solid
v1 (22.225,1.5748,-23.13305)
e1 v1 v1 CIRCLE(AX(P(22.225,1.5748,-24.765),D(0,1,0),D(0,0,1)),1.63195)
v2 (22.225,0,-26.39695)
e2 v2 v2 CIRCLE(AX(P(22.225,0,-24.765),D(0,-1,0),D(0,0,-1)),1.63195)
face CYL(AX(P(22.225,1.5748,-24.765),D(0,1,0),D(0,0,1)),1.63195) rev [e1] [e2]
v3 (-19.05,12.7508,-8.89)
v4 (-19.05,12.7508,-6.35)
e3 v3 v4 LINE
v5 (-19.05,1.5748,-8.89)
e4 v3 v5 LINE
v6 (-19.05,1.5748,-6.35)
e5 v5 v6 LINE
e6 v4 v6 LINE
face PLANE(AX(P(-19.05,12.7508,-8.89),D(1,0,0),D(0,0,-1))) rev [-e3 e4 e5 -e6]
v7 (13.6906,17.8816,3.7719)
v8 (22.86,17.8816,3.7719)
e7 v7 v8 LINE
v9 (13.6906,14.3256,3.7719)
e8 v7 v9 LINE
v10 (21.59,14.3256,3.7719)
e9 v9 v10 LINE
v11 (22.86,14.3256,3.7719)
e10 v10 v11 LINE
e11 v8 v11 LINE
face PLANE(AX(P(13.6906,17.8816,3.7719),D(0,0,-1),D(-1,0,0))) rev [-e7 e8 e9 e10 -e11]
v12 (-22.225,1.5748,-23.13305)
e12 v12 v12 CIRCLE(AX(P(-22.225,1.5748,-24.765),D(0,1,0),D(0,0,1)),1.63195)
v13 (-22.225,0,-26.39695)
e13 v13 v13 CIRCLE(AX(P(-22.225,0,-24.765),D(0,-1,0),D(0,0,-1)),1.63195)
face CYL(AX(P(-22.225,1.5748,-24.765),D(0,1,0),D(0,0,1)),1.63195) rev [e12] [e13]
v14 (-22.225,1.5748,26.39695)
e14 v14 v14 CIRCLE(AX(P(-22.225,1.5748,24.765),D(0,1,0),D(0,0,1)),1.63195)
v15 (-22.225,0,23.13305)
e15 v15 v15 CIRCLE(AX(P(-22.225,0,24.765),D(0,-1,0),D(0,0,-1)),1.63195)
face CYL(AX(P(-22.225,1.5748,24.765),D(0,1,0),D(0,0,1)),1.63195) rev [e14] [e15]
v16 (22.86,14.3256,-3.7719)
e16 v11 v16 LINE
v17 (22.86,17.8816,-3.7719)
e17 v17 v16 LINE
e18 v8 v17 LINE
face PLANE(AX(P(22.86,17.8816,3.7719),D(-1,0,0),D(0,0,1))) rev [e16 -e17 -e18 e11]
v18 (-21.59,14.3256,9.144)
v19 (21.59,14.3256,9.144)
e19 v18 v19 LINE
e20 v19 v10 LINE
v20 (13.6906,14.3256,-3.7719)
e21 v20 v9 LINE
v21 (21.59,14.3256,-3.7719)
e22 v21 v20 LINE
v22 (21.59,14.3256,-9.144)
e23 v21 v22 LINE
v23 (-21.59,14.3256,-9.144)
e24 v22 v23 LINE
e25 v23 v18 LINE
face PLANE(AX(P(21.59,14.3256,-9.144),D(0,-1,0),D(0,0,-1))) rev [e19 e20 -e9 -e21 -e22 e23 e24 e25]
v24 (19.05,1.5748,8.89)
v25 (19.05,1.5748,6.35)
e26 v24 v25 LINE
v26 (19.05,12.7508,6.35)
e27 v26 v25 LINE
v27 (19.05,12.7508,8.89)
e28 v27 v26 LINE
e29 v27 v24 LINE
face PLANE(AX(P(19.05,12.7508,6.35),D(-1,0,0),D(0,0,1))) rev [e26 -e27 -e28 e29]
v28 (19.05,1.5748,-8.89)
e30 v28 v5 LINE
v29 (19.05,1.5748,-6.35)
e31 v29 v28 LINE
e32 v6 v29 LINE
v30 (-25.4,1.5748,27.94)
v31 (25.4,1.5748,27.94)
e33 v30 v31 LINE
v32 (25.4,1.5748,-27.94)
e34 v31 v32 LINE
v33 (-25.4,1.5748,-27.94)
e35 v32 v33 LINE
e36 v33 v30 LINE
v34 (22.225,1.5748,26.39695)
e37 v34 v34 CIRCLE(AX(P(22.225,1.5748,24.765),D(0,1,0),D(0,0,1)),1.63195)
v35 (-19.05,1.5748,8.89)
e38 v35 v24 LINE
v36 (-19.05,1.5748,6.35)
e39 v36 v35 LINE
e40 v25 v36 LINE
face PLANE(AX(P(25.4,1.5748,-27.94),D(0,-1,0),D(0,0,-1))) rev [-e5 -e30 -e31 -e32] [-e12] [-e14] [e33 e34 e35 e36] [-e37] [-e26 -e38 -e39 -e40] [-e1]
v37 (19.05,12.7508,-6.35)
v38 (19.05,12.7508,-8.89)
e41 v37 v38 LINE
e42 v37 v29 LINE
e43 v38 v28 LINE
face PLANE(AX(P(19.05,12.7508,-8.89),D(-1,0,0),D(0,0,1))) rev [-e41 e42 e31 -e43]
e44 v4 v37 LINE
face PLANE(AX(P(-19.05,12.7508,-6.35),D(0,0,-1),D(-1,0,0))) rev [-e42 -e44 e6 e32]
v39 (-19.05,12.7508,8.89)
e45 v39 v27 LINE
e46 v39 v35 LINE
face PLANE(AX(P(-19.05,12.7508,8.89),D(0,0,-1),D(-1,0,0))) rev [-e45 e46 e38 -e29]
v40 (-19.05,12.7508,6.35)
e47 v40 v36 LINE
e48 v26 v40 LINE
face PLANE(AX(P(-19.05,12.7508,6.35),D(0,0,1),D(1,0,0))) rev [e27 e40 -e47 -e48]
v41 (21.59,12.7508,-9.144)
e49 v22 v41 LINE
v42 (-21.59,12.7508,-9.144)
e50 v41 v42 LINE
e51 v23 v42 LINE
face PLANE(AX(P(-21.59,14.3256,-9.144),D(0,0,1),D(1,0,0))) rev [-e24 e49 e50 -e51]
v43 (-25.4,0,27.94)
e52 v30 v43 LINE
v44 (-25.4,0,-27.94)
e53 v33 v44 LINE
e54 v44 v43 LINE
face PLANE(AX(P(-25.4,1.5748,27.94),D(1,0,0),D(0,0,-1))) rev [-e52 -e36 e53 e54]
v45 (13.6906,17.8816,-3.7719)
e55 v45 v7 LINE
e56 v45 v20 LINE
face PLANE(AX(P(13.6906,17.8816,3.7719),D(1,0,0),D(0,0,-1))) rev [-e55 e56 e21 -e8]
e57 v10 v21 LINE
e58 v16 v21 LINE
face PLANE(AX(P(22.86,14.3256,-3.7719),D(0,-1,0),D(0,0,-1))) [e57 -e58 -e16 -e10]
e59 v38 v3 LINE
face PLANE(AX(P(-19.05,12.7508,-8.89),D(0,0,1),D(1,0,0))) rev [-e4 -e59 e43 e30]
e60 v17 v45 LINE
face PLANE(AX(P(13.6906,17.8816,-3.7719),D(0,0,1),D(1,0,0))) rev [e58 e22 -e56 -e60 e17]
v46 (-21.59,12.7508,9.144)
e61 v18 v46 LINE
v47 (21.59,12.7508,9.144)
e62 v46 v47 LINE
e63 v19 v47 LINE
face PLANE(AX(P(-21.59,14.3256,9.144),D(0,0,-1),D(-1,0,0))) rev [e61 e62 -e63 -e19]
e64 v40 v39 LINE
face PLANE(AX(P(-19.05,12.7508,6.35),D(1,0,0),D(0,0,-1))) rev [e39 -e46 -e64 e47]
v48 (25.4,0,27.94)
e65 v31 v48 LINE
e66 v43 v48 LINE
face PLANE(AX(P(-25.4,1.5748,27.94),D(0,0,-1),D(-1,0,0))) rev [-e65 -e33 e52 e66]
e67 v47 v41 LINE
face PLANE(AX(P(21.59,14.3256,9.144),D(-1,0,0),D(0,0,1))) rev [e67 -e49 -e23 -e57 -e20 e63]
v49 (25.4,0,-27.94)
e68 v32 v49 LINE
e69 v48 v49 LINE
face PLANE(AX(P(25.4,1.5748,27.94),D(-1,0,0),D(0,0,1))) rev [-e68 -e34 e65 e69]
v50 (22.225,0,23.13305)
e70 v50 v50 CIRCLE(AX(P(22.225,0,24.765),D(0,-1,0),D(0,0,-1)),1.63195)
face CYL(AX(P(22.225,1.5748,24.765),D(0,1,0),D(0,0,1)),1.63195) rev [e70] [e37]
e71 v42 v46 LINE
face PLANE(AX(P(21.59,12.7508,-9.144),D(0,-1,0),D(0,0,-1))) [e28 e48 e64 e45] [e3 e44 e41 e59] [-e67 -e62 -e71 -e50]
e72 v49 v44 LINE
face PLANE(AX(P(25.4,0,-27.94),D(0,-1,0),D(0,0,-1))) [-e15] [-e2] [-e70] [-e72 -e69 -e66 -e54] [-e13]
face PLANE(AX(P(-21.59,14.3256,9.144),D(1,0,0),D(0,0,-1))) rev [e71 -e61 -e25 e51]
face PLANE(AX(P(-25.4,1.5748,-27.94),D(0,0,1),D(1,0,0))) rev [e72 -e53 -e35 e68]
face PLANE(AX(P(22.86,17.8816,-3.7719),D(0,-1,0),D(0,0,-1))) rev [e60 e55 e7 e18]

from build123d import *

# Parameters (mm, degrees)
SKETCH1_W                 = 50.8
SKETCH1_H                 = 55.88
BOSS_EXTRUDE1_DEPTH       = 1.5748
F_4_CLEARANCE_HOLE1_D     = 3.2639
F_4_CLEARANCE_HOLE1_DEPTH = 76.2
F_4_CLEARANCE_HOLE1_TIP   = 0.980574487
SKETCH4_W                 = 38.1
SKETCH4_H                 = 2.54
BOSS_EXTRUDE2_DEPTH       = 11.176
SKETCH5_W                 = 43.18
SKETCH5_H                 = 18.288
BOSS_EXTRUDE3_DEPTH       = 1.5748
SKETCH6_W                 = 9.1694
SKETCH6_H                 = 7.5438
BOSS_EXTRUDE4_DEPTH       = 3.556


with BuildPart() as part:
    # Sketch1 → Boss-Extrude1 (new body)
    with BuildSketch(Plane(origin=(0, 0, 0), x_dir=(1, 0, 0), z_dir=(0, 1, 0))):
        Rectangle(SKETCH1_W, SKETCH1_H)
    extrude(amount=BOSS_EXTRUDE1_DEPTH)

    # #4 Clearance Hole1
    with Locations(Plane(origin=(0, 1.5748, 0), x_dir=(-1, 0, 0), z_dir=(0, 1, 0))):
        with Locations((22.225, 24.765), (22.225, -24.765), (-22.225, -24.765), (-22.225, 24.765)):
            Hole(F_4_CLEARANCE_HOLE1_D / 2, depth=F_4_CLEARANCE_HOLE1_DEPTH)
            with Locations((0, 0, -(F_4_CLEARANCE_HOLE1_DEPTH + F_4_CLEARANCE_HOLE1_TIP / 2))):  # 118° drill point
                Cone(0, F_4_CLEARANCE_HOLE1_D / 2, F_4_CLEARANCE_HOLE1_TIP, mode=Mode.SUBTRACT)

    # Sketch4 → Boss-Extrude2 (add)
    with BuildSketch(Plane(origin=(0, 1.5748, 0), x_dir=(1, 0, 0), z_dir=(0, 1, 0))):
        with Locations((0, -7.62)):
            Rectangle(SKETCH4_W, SKETCH4_H)
        with Locations((0, 7.62)):
            Rectangle(SKETCH4_W, SKETCH4_H)
    extrude(amount=BOSS_EXTRUDE2_DEPTH)

    # Sketch5 → Boss-Extrude3 (add)
    with BuildSketch(Plane(origin=(0, 12.7508, 0), x_dir=(1, 0, 0), z_dir=(0, 1, 0))):
        Rectangle(SKETCH5_W, SKETCH5_H)
    extrude(amount=BOSS_EXTRUDE3_DEPTH)

    # Sketch6 → Boss-Extrude4 (add)
    with BuildSketch(Plane(origin=(0, 14.3256, 0), x_dir=(1, 0, 0), z_dir=(0, 1, 0))):
        with Locations((18.2753, 0)):
            Rectangle(SKETCH6_W, SKETCH6_H)
    extrude(amount=BOSS_EXTRUDE4_DEPTH)


solid = part.part
